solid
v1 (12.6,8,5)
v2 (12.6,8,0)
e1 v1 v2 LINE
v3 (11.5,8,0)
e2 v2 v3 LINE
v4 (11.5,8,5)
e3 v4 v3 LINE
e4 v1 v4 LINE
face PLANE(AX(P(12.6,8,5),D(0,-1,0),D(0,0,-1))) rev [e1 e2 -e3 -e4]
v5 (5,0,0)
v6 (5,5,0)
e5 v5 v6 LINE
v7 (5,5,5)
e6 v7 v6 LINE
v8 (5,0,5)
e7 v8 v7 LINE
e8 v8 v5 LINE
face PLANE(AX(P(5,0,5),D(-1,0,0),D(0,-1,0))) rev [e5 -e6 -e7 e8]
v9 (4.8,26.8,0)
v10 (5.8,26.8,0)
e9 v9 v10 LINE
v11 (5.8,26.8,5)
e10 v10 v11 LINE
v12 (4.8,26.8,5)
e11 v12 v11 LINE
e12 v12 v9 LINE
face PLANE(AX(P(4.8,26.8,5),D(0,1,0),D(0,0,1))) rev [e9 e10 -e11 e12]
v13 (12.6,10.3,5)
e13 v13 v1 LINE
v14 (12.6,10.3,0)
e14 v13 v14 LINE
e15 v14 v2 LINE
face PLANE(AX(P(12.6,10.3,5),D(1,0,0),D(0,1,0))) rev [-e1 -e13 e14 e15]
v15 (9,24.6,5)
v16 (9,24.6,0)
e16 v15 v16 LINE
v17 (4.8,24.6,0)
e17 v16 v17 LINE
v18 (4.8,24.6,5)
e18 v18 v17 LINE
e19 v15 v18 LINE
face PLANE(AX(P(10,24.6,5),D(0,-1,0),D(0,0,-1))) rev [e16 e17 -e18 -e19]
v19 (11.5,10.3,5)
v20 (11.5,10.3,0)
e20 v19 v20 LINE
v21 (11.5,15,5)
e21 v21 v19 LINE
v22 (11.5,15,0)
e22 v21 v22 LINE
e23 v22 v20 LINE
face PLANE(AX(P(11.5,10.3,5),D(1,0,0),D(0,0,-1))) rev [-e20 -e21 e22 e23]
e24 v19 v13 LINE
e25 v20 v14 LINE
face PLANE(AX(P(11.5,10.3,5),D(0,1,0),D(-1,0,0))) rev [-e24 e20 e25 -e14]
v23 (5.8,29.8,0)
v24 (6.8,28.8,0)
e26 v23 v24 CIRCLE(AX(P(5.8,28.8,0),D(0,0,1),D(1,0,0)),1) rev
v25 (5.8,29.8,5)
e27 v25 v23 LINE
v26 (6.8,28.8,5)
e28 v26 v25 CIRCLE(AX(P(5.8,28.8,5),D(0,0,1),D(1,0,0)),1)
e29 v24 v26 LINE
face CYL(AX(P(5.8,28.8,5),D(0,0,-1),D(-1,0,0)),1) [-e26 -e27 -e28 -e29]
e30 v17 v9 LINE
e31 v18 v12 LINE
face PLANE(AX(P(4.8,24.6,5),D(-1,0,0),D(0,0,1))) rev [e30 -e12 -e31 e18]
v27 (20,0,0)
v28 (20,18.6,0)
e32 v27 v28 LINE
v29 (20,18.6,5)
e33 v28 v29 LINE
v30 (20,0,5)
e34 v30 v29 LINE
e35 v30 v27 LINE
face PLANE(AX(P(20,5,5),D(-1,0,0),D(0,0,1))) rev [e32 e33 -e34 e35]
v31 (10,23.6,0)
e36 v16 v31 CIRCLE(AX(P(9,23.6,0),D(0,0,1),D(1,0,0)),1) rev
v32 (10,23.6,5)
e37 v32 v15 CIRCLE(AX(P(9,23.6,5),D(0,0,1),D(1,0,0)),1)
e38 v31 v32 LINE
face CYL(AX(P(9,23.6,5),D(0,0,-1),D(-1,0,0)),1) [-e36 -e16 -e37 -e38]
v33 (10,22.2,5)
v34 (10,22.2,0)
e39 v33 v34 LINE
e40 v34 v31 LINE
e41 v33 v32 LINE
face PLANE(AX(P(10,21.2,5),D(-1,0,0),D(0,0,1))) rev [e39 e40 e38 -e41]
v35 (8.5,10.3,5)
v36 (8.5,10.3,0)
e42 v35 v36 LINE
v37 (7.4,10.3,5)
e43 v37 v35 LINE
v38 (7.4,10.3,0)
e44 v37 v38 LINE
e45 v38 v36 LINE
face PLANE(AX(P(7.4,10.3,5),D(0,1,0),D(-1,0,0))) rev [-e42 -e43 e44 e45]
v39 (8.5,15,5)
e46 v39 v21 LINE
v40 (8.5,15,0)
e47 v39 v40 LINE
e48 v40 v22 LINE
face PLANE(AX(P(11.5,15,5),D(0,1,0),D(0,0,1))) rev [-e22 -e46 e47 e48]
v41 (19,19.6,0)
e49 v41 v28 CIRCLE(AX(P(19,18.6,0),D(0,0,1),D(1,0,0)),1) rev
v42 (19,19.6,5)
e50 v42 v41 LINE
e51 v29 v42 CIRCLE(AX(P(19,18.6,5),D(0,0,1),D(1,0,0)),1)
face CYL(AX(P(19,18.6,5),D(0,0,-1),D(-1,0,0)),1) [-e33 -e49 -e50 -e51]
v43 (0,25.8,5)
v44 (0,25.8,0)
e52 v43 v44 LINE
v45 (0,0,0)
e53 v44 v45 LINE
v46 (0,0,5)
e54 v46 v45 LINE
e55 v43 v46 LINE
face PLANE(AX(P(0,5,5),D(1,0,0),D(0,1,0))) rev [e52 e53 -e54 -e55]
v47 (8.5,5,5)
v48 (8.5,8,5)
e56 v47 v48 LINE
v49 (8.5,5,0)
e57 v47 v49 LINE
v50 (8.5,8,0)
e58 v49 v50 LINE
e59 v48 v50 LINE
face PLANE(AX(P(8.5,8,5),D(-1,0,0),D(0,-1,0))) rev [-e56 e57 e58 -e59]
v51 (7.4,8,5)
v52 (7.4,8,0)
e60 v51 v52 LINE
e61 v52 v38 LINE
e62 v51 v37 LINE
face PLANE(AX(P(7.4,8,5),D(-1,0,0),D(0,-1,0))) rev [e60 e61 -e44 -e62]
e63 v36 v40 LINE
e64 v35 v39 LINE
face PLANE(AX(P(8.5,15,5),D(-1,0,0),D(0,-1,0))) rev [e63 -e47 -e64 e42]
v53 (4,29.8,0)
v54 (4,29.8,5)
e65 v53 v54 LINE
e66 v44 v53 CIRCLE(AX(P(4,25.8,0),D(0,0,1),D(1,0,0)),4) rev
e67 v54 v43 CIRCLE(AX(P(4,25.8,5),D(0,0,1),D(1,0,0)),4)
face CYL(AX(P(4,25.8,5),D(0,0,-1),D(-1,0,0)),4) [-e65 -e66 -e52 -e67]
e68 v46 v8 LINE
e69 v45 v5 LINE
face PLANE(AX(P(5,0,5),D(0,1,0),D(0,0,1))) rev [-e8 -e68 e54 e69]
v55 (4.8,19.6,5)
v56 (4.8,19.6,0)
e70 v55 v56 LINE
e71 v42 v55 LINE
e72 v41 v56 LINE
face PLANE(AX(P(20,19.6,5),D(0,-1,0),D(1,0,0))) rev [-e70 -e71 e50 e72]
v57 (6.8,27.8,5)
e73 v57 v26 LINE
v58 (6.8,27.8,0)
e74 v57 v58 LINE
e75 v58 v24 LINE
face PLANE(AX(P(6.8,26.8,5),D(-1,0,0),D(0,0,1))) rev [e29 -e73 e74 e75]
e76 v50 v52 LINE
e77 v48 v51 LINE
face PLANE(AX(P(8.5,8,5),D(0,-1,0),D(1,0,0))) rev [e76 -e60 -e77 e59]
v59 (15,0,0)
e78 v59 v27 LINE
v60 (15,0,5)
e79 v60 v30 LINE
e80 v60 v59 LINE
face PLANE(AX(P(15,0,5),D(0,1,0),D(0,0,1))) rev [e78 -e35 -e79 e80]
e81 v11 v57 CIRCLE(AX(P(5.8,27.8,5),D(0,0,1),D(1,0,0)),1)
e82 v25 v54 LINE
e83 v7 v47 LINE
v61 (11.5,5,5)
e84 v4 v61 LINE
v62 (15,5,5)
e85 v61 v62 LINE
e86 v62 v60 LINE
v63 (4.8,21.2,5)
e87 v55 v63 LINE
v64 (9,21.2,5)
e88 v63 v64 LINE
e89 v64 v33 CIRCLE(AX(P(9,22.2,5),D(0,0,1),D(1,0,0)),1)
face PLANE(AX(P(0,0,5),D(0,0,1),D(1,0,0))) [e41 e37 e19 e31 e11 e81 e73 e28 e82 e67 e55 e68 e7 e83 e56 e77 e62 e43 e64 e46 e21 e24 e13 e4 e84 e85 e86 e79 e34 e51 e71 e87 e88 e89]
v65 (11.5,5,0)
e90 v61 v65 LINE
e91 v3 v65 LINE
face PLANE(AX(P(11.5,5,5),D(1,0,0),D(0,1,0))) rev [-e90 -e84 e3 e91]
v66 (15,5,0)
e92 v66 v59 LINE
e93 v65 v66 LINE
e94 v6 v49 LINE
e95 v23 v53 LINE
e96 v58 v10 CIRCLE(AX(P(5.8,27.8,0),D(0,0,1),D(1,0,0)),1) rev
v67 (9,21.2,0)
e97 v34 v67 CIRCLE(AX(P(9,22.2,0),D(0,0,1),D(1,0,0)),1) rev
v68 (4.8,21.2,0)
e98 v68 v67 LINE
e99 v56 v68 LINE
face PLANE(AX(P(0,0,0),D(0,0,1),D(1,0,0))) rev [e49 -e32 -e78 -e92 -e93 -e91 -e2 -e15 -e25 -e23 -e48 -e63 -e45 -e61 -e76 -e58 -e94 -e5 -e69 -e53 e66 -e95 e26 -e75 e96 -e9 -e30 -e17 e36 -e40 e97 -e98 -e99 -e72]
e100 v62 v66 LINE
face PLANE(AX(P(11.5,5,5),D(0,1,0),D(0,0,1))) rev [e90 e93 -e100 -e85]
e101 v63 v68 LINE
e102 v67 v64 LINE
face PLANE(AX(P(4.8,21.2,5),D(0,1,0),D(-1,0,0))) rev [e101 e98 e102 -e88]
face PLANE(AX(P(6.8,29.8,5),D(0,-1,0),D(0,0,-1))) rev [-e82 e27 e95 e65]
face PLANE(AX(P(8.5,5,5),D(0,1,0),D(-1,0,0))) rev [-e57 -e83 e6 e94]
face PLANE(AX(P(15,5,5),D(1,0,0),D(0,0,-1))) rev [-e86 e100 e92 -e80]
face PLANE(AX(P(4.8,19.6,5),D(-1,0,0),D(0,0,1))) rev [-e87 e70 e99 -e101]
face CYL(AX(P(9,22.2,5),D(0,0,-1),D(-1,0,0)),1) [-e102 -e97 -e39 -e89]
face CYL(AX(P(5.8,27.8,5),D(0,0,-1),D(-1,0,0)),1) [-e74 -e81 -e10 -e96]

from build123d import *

# Parameters (mm, degrees)
BOSS_EXTRUDE1_DEPTH = 5
FILLET3_R           = 1
FILLET4_R           = 1
FILLET5_R           = 4


with BuildPart() as part:
    # Sketch1 → Boss-Extrude1 (new body)
    with BuildSketch(Plane.XY):
        Polygon((0, 5), (0, 19.982808697), (0, 24.6), (0, 29.8), (6.8, 29.8), (6.8, 26.8), (4.8, 26.8), (4.8, 24.6), (10, 24.6), (10, 21.2), (4.8, 21.2), (4.8, 19.6), (20, 19.6), (20, 5), (20, 0), (15, 0), (15, 5), (11.5, 5), (11.5, 8), (12.6, 8), (12.6, 10.3), (11.5, 10.3), (11.5, 15), (8.5, 15), (8.5, 10.3), (7.4, 10.3), (7.4, 8), (8.5, 8), (8.5, 5), (5, 5), (5, 0), (0, 0), align=None)
    extrude(amount=BOSS_EXTRUDE1_DEPTH)

    # Fillet3
    fillet3_edges = [part.edges().sort_by_distance(p)[0] for p in [
        (10, 21.2, 2.5),
        (20, 19.6, 2.5),
    ]]
    fillet(fillet3_edges, radius=FILLET3_R)

    # Fillet4
    fillet4_edges = [part.edges().sort_by_distance(p)[0] for p in [
        (6.8, 29.8, 2.5),
        (6.8, 26.8, 2.5),
        (10, 24.6, 2.5),
    ]]
    fillet(fillet4_edges, radius=FILLET4_R)

    # Fillet5
    fillet5_edges = [part.edges().sort_by_distance(p)[0] for p in [
        (0, 29.8, 2.5),
    ]]
    fillet(fillet5_edges, radius=FILLET5_R)


solid = part.part
